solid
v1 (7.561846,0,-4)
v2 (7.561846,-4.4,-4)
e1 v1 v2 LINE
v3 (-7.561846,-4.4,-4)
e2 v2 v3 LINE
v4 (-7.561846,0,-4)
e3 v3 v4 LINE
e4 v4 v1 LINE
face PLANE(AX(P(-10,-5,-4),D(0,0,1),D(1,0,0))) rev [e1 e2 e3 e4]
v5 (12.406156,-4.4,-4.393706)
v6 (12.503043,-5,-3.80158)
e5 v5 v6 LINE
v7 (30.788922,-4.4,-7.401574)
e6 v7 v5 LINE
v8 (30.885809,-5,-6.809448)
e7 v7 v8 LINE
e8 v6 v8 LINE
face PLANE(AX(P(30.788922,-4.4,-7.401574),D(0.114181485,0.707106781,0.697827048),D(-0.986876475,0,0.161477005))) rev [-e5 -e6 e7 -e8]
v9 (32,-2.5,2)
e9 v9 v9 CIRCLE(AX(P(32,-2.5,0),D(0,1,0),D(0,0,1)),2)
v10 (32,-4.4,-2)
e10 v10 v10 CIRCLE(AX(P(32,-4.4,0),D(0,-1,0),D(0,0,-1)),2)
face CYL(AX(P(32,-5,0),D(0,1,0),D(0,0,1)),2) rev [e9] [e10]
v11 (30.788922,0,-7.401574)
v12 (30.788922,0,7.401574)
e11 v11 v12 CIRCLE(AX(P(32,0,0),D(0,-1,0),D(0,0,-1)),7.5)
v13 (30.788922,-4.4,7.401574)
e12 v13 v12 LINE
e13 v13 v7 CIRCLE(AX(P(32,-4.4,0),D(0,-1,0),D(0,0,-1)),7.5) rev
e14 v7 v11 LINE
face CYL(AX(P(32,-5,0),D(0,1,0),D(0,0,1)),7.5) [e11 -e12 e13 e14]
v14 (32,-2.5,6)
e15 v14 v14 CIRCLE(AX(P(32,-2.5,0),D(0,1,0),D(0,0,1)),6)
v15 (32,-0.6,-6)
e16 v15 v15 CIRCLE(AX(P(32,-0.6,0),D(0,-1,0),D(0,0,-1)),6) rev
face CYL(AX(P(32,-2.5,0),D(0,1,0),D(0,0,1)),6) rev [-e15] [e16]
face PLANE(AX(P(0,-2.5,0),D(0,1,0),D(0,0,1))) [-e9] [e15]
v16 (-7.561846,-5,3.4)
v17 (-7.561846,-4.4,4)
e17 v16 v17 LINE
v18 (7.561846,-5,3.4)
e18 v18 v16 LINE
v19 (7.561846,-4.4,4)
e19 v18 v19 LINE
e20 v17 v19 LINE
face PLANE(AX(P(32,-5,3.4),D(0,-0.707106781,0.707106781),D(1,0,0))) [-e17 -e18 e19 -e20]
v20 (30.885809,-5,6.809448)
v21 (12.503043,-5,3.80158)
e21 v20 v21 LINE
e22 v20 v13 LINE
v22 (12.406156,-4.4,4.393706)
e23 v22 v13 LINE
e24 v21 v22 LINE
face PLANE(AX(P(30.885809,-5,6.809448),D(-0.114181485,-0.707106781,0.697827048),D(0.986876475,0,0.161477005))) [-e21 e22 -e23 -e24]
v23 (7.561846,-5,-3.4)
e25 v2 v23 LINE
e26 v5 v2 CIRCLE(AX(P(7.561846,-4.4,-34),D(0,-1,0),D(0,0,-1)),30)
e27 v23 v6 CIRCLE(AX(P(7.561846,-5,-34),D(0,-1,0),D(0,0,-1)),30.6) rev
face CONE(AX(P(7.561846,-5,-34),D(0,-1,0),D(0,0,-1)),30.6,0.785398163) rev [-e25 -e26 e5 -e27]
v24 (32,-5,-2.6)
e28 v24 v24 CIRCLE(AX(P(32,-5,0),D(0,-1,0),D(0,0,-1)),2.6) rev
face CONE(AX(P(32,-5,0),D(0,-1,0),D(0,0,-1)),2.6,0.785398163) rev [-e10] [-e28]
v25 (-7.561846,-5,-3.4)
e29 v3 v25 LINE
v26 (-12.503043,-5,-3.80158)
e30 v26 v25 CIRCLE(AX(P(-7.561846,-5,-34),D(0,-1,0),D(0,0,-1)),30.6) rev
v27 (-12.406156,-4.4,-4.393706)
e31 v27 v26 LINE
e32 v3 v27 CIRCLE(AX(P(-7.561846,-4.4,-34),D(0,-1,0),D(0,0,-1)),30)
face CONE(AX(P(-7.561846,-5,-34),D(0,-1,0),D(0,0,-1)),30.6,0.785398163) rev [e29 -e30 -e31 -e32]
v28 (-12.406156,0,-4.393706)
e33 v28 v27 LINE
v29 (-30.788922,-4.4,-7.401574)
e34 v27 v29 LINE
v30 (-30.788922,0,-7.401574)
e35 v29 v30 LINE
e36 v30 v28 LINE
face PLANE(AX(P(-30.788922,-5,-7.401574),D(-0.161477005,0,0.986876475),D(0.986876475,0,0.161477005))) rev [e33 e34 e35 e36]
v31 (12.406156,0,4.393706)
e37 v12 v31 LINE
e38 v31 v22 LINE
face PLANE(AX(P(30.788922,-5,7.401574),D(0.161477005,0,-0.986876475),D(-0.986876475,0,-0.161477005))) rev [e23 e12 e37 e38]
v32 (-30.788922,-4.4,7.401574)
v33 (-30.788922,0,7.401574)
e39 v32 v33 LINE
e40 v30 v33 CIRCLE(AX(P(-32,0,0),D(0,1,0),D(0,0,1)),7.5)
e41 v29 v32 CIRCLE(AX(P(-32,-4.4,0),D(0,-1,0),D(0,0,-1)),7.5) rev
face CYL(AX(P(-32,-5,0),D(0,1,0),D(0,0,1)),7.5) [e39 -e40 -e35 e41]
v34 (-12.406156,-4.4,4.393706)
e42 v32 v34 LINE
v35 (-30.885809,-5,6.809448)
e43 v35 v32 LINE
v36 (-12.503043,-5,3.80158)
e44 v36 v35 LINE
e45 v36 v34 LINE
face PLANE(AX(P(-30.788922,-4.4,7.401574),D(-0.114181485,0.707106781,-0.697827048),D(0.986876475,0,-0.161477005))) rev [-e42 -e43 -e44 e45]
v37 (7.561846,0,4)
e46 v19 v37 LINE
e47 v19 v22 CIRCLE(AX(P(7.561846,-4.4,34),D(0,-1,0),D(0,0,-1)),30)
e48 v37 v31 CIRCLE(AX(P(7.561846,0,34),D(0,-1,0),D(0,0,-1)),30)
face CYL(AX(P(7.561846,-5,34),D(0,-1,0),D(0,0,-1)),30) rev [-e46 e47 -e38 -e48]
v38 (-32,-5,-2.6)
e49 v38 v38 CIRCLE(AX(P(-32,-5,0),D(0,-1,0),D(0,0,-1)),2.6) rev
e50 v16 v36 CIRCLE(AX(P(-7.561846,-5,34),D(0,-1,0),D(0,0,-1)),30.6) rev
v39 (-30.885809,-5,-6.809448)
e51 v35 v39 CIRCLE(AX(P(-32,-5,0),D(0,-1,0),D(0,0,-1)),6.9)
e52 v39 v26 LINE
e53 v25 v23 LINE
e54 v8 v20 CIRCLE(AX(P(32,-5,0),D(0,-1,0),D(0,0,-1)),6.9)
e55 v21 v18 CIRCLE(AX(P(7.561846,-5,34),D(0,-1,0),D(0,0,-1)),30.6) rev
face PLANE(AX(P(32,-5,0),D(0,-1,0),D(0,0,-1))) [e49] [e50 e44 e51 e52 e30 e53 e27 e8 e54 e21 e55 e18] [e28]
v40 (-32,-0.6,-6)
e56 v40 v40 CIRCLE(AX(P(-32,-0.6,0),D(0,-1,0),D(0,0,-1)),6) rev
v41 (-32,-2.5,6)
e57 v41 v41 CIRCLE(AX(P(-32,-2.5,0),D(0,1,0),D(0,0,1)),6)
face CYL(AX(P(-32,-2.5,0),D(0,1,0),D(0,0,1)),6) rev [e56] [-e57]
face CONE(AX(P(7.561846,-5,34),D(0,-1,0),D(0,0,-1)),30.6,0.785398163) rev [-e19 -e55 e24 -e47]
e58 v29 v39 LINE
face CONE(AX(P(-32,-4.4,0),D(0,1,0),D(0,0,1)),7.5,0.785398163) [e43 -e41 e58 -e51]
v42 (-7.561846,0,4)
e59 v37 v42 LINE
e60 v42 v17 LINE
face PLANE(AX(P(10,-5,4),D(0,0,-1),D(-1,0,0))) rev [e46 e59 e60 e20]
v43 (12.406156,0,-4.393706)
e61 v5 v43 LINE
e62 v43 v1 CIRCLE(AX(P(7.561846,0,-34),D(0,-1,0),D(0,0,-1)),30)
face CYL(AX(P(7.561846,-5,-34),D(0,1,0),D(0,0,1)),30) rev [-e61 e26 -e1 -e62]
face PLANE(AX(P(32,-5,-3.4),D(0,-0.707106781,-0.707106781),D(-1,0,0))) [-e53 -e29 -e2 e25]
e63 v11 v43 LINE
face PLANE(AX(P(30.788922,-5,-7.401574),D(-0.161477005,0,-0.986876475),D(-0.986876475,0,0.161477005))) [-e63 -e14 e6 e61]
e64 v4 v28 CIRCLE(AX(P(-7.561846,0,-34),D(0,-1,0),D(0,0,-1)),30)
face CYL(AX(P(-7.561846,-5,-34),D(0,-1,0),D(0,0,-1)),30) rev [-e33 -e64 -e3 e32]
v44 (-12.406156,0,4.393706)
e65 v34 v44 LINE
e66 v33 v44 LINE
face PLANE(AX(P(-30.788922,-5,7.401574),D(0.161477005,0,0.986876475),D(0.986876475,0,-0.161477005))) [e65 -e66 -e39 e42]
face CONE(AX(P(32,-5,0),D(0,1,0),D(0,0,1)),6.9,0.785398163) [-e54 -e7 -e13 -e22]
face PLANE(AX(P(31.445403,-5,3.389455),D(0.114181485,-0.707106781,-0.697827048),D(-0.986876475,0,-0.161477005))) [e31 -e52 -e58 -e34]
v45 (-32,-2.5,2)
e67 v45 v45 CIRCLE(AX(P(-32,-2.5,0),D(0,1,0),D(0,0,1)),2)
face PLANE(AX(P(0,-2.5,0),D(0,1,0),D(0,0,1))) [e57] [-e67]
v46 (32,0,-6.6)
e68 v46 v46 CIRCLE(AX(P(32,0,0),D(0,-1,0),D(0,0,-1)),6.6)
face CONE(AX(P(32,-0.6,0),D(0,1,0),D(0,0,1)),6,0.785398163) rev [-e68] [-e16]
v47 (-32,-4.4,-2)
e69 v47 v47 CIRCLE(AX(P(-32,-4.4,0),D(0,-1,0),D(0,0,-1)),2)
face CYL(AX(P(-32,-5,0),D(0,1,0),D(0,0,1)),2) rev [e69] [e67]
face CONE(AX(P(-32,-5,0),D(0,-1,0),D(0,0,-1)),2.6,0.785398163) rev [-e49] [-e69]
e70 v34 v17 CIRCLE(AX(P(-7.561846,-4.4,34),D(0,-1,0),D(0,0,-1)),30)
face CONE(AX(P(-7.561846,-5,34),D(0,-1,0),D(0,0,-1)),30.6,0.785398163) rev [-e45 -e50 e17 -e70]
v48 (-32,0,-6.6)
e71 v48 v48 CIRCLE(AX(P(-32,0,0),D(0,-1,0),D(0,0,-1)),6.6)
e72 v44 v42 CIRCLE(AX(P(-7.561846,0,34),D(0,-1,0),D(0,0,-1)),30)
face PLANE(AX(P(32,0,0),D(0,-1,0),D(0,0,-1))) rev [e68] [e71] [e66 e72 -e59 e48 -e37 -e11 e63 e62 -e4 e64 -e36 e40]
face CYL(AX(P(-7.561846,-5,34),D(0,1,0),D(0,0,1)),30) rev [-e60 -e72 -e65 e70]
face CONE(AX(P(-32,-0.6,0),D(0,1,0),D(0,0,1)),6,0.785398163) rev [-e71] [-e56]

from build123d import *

# Parameters (mm, degrees)
SKETCH1_R           = 2
BOSS_EXTRUDE1_DEPTH = 5
SKETCH1_3_R         = 6
SKETCH1_3_R_2       = 2
CUT_EXTRUDE1_DEPTH  = 2.5
FILLET1_R           = 30
CHAMFER1_SIZE       = 0.6
CHAMFER2_SIZE       = 0.6


with BuildPart() as part:
    # Sketch1 → Boss-Extrude1 (new body)
    with BuildSketch(Plane(origin=(0, 0, 0), x_dir=(1, 0, 0), z_dir=(0, 1, 0))):
        with BuildLine():
            Line((10, 4), (-10, 4))
            Line((-10, 4), (-30.788922466, 7.401573563))
            ThreePointArc((-30.788922466, 7.401573563), (-39.5, 0), (-30.788922466, -7.401573563))
            Line((-30.788922466, -7.401573563), (-10, -4))
            Line((-10, -4), (10, -4))
            Line((10, -4), (30.788922466, -7.401573563))
            ThreePointArc((30.788922466, -7.401573563), (39.5, 0), (30.788922466, 7.401573563))
            Line((30.788922466, 7.401573563), (10, 4))
        make_face()
        with Locations((-32, 0)):
            Circle(SKETCH1_R, mode=Mode.SUBTRACT)
        with Locations((32, 0)):
            Circle(SKETCH1_R, mode=Mode.SUBTRACT)
    extrude(amount=-BOSS_EXTRUDE1_DEPTH)

    # Sketch1<3> → Cut-Extrude1 (cut)
    # profile 1 of 2: a face of its own
    with BuildSketch(Plane(origin=(0, 0, 0), x_dir=(1, 0, 0), z_dir=(0, 1, 0))):
        with Locations((-32, 0)):
            Circle(SKETCH1_3_R)
        with Locations((-32, 0)):
            Circle(SKETCH1_3_R_2, mode=Mode.SUBTRACT)
    # profile 2 of 2: a face of its own
    with BuildSketch(Plane(origin=(0, 0, 0), x_dir=(1, 0, 0), z_dir=(0, 1, 0))):
        with Locations((32, 0)):
            Circle(SKETCH1_3_R)
        with Locations((32, 0)):
            Circle(SKETCH1_3_R_2, mode=Mode.SUBTRACT)
    extrude(amount=-CUT_EXTRUDE1_DEPTH, mode=Mode.SUBTRACT)

    # Fillet1
    fillet1_edges = [part.edges().sort_by_distance(p)[0] for p in [
        (10, -2.5, -4),
        (-10, -2.5, -4),
        (10, -2.5, 4),
        (-10, -2.5, 4),
    ]]
    fillet(fillet1_edges, radius=FILLET1_R)

    # Chamfer1
    chamfer1_edges = [part.edges().sort_by_distance(p)[0] for p in [
        (-39.5, -5, 0),
        (-21.597539474, -5, 5.897639656),
        (0, -5, 4),
        (21.597539474, -5, 5.897639656),
        (39.5, -5, 0),
        (21.597539474, -5, -5.897639656),
        (0, -5, -4),
        (-21.597539474, -5, -5.897639656),
        (-34, -5, 0),
        (30, -5, 0),
        (-9.991987542, -5, 4.098588432),
        (9.991987542, -5, 4.098588432),
        (9.991987542, -5, -4.098588432),
        (-9.991987542, -5, -4.098588432),
    ]]
    chamfer(chamfer1_edges, length=CHAMFER1_SIZE)

    # Chamfer2
    chamfer2_edges = [part.edges().sort_by_distance(p)[0] for p in [
        (26, 0, 0),
        (-38, 0, 0),
    ]]
    chamfer(chamfer2_edges, length=CHAMFER2_SIZE)


solid = part.part
